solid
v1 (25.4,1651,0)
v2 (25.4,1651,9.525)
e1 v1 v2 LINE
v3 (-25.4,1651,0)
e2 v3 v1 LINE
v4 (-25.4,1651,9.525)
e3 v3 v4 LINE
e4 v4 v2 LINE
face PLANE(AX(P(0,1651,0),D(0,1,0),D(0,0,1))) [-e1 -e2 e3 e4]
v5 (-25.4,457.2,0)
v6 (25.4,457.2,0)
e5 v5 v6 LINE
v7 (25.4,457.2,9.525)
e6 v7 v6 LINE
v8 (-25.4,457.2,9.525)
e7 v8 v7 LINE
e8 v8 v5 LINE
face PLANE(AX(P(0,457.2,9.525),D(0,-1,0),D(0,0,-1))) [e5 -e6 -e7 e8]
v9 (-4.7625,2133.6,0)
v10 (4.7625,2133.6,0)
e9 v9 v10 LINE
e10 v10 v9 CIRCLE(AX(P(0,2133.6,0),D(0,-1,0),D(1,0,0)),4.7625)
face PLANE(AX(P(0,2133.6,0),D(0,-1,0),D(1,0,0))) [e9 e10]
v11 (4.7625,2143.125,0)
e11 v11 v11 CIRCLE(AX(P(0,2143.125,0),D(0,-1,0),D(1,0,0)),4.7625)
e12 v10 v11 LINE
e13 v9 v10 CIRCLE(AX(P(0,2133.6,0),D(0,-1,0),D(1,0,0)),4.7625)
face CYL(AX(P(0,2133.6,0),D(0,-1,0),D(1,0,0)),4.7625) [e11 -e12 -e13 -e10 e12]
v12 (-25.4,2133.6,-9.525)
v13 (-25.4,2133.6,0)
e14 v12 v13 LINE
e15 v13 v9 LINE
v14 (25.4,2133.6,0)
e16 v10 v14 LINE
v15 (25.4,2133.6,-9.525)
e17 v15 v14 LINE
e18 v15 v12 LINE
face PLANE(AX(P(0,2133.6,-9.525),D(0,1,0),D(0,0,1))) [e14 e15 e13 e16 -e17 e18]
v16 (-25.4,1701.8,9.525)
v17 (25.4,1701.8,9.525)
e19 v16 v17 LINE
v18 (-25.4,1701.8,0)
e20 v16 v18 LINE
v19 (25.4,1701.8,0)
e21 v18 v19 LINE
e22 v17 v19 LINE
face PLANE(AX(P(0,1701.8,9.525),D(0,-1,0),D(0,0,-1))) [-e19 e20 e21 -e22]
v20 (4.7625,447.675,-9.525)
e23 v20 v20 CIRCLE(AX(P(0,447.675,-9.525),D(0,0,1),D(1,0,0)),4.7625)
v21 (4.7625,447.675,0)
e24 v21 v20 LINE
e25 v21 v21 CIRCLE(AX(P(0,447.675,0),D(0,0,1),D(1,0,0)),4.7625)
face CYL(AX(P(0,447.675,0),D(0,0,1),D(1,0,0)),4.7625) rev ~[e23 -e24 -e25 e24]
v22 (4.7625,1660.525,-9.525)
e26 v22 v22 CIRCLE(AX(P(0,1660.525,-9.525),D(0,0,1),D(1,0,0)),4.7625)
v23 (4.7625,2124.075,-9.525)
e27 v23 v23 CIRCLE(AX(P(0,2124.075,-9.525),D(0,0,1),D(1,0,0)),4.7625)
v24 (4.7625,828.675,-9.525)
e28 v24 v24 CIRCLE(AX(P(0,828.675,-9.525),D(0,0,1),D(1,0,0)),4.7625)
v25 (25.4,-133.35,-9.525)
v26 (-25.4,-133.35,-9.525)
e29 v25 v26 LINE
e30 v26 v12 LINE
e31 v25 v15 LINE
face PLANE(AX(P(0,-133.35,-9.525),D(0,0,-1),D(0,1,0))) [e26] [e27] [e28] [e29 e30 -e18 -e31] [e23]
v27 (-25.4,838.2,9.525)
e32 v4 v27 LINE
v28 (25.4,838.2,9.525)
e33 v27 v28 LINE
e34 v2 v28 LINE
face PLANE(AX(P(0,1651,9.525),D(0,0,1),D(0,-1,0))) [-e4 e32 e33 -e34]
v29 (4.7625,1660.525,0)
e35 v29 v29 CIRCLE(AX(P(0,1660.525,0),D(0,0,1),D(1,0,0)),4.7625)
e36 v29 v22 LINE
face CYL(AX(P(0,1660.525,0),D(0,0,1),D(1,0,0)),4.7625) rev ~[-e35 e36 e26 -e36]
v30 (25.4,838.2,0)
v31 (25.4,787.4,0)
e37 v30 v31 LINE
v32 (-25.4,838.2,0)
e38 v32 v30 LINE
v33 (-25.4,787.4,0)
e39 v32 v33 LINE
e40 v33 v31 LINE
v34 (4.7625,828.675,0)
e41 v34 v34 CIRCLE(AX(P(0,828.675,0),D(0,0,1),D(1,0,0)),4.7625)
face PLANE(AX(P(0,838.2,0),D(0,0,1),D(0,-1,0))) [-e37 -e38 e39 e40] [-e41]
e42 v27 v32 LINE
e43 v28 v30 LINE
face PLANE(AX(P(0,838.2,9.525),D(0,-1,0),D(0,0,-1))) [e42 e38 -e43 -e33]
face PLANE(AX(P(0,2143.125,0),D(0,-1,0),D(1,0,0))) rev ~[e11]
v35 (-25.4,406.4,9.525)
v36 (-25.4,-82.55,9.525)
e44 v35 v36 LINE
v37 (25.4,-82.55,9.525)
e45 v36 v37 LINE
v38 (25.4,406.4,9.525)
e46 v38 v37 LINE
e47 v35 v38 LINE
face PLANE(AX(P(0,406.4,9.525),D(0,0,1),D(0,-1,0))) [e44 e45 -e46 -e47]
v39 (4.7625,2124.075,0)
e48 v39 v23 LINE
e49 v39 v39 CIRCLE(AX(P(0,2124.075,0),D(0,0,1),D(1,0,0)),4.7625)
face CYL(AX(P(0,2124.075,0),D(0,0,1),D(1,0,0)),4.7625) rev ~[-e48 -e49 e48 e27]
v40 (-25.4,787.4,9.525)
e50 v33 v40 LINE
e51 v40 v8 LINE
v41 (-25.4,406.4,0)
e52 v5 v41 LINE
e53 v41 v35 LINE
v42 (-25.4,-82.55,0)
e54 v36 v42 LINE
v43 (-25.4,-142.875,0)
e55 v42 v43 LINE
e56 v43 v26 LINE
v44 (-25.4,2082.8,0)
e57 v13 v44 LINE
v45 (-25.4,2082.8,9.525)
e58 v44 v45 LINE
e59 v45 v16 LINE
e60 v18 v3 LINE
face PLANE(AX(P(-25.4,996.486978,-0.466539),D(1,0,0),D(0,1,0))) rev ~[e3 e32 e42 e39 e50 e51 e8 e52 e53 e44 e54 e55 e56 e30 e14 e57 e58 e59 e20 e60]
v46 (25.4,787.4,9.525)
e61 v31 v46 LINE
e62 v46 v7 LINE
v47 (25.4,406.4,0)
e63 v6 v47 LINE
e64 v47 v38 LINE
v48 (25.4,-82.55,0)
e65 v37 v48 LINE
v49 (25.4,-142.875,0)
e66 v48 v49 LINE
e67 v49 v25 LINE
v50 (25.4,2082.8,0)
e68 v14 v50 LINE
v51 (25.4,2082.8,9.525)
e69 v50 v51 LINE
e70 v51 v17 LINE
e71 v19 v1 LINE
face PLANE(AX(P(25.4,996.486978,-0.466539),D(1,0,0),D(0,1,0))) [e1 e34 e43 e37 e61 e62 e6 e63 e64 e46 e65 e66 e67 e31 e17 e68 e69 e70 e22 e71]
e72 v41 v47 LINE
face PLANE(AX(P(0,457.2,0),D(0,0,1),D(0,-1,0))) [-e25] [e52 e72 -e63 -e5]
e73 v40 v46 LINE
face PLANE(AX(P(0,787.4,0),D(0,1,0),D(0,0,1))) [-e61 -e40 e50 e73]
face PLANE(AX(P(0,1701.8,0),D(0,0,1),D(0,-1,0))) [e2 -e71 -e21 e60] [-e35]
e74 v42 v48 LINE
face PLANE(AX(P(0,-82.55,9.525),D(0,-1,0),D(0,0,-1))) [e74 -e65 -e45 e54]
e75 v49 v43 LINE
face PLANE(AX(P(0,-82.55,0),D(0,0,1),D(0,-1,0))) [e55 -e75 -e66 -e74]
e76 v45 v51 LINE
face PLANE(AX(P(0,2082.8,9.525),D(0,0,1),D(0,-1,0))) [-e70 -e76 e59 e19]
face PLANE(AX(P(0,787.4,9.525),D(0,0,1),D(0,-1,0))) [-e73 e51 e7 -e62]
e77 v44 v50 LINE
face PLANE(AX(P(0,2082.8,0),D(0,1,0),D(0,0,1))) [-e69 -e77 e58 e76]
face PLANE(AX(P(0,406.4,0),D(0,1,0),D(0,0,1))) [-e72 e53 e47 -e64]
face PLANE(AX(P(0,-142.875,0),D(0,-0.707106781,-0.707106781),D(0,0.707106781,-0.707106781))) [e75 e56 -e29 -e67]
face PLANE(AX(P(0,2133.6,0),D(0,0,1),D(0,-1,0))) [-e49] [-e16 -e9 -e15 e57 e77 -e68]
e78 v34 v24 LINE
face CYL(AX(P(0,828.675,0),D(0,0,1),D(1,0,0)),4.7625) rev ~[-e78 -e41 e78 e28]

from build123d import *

# Parameters (mm, degrees)
F1_DEPTH = 25.4
F3_R     = 4.7625
F4_DEPTH = 9.525
F5_R     = 4.7625
F6_DEPTH = 25.4


with BuildPart() as f1:
    # F0 (on Right) → F1 (new body, symmetric)
    with BuildSketch(Plane.YZ):
        Polygon((-33.290768, -9.525), (2133.6, -9.525), (2133.6, 0), (2082.8, 0), (2082.8, 9.525), (1701.8, 9.525), (1701.8, 0), (1651, 0), (1651, 9.525), (838.2, 9.525), (838.2, 0), (787.4, 0), (787.4, 9.525), (457.2, 9.525), (457.2, 0), (406.4, 0), (406.4, 9.525), (0, 9.525), (-82.55, 9.525), (-82.55, 0), (-142.875, 0), (-133.35, -9.525), align=None)
    extrude(amount=F1_DEPTH, both=True)

    # F3 (on offset) → F4 (join)
    with BuildSketch(Plane.XZ.offset(-2133.6)):
        Circle(F3_R)
    extrude(amount=-F4_DEPTH)

    # F5 (on Top) → F6 (cut)
    with BuildSketch(Plane.XY):
        with Locations((0, 447.675)):
            Circle(F5_R)
        with Locations((0, 828.675)):
            Circle(F5_R)
        with Locations((0, 1660.525)):
            Circle(F5_R)
        with Locations((0, 2124.075)):
            Circle(F5_R)
    extrude(amount=-F6_DEPTH, mode=Mode.SUBTRACT)


solid = f1.part
